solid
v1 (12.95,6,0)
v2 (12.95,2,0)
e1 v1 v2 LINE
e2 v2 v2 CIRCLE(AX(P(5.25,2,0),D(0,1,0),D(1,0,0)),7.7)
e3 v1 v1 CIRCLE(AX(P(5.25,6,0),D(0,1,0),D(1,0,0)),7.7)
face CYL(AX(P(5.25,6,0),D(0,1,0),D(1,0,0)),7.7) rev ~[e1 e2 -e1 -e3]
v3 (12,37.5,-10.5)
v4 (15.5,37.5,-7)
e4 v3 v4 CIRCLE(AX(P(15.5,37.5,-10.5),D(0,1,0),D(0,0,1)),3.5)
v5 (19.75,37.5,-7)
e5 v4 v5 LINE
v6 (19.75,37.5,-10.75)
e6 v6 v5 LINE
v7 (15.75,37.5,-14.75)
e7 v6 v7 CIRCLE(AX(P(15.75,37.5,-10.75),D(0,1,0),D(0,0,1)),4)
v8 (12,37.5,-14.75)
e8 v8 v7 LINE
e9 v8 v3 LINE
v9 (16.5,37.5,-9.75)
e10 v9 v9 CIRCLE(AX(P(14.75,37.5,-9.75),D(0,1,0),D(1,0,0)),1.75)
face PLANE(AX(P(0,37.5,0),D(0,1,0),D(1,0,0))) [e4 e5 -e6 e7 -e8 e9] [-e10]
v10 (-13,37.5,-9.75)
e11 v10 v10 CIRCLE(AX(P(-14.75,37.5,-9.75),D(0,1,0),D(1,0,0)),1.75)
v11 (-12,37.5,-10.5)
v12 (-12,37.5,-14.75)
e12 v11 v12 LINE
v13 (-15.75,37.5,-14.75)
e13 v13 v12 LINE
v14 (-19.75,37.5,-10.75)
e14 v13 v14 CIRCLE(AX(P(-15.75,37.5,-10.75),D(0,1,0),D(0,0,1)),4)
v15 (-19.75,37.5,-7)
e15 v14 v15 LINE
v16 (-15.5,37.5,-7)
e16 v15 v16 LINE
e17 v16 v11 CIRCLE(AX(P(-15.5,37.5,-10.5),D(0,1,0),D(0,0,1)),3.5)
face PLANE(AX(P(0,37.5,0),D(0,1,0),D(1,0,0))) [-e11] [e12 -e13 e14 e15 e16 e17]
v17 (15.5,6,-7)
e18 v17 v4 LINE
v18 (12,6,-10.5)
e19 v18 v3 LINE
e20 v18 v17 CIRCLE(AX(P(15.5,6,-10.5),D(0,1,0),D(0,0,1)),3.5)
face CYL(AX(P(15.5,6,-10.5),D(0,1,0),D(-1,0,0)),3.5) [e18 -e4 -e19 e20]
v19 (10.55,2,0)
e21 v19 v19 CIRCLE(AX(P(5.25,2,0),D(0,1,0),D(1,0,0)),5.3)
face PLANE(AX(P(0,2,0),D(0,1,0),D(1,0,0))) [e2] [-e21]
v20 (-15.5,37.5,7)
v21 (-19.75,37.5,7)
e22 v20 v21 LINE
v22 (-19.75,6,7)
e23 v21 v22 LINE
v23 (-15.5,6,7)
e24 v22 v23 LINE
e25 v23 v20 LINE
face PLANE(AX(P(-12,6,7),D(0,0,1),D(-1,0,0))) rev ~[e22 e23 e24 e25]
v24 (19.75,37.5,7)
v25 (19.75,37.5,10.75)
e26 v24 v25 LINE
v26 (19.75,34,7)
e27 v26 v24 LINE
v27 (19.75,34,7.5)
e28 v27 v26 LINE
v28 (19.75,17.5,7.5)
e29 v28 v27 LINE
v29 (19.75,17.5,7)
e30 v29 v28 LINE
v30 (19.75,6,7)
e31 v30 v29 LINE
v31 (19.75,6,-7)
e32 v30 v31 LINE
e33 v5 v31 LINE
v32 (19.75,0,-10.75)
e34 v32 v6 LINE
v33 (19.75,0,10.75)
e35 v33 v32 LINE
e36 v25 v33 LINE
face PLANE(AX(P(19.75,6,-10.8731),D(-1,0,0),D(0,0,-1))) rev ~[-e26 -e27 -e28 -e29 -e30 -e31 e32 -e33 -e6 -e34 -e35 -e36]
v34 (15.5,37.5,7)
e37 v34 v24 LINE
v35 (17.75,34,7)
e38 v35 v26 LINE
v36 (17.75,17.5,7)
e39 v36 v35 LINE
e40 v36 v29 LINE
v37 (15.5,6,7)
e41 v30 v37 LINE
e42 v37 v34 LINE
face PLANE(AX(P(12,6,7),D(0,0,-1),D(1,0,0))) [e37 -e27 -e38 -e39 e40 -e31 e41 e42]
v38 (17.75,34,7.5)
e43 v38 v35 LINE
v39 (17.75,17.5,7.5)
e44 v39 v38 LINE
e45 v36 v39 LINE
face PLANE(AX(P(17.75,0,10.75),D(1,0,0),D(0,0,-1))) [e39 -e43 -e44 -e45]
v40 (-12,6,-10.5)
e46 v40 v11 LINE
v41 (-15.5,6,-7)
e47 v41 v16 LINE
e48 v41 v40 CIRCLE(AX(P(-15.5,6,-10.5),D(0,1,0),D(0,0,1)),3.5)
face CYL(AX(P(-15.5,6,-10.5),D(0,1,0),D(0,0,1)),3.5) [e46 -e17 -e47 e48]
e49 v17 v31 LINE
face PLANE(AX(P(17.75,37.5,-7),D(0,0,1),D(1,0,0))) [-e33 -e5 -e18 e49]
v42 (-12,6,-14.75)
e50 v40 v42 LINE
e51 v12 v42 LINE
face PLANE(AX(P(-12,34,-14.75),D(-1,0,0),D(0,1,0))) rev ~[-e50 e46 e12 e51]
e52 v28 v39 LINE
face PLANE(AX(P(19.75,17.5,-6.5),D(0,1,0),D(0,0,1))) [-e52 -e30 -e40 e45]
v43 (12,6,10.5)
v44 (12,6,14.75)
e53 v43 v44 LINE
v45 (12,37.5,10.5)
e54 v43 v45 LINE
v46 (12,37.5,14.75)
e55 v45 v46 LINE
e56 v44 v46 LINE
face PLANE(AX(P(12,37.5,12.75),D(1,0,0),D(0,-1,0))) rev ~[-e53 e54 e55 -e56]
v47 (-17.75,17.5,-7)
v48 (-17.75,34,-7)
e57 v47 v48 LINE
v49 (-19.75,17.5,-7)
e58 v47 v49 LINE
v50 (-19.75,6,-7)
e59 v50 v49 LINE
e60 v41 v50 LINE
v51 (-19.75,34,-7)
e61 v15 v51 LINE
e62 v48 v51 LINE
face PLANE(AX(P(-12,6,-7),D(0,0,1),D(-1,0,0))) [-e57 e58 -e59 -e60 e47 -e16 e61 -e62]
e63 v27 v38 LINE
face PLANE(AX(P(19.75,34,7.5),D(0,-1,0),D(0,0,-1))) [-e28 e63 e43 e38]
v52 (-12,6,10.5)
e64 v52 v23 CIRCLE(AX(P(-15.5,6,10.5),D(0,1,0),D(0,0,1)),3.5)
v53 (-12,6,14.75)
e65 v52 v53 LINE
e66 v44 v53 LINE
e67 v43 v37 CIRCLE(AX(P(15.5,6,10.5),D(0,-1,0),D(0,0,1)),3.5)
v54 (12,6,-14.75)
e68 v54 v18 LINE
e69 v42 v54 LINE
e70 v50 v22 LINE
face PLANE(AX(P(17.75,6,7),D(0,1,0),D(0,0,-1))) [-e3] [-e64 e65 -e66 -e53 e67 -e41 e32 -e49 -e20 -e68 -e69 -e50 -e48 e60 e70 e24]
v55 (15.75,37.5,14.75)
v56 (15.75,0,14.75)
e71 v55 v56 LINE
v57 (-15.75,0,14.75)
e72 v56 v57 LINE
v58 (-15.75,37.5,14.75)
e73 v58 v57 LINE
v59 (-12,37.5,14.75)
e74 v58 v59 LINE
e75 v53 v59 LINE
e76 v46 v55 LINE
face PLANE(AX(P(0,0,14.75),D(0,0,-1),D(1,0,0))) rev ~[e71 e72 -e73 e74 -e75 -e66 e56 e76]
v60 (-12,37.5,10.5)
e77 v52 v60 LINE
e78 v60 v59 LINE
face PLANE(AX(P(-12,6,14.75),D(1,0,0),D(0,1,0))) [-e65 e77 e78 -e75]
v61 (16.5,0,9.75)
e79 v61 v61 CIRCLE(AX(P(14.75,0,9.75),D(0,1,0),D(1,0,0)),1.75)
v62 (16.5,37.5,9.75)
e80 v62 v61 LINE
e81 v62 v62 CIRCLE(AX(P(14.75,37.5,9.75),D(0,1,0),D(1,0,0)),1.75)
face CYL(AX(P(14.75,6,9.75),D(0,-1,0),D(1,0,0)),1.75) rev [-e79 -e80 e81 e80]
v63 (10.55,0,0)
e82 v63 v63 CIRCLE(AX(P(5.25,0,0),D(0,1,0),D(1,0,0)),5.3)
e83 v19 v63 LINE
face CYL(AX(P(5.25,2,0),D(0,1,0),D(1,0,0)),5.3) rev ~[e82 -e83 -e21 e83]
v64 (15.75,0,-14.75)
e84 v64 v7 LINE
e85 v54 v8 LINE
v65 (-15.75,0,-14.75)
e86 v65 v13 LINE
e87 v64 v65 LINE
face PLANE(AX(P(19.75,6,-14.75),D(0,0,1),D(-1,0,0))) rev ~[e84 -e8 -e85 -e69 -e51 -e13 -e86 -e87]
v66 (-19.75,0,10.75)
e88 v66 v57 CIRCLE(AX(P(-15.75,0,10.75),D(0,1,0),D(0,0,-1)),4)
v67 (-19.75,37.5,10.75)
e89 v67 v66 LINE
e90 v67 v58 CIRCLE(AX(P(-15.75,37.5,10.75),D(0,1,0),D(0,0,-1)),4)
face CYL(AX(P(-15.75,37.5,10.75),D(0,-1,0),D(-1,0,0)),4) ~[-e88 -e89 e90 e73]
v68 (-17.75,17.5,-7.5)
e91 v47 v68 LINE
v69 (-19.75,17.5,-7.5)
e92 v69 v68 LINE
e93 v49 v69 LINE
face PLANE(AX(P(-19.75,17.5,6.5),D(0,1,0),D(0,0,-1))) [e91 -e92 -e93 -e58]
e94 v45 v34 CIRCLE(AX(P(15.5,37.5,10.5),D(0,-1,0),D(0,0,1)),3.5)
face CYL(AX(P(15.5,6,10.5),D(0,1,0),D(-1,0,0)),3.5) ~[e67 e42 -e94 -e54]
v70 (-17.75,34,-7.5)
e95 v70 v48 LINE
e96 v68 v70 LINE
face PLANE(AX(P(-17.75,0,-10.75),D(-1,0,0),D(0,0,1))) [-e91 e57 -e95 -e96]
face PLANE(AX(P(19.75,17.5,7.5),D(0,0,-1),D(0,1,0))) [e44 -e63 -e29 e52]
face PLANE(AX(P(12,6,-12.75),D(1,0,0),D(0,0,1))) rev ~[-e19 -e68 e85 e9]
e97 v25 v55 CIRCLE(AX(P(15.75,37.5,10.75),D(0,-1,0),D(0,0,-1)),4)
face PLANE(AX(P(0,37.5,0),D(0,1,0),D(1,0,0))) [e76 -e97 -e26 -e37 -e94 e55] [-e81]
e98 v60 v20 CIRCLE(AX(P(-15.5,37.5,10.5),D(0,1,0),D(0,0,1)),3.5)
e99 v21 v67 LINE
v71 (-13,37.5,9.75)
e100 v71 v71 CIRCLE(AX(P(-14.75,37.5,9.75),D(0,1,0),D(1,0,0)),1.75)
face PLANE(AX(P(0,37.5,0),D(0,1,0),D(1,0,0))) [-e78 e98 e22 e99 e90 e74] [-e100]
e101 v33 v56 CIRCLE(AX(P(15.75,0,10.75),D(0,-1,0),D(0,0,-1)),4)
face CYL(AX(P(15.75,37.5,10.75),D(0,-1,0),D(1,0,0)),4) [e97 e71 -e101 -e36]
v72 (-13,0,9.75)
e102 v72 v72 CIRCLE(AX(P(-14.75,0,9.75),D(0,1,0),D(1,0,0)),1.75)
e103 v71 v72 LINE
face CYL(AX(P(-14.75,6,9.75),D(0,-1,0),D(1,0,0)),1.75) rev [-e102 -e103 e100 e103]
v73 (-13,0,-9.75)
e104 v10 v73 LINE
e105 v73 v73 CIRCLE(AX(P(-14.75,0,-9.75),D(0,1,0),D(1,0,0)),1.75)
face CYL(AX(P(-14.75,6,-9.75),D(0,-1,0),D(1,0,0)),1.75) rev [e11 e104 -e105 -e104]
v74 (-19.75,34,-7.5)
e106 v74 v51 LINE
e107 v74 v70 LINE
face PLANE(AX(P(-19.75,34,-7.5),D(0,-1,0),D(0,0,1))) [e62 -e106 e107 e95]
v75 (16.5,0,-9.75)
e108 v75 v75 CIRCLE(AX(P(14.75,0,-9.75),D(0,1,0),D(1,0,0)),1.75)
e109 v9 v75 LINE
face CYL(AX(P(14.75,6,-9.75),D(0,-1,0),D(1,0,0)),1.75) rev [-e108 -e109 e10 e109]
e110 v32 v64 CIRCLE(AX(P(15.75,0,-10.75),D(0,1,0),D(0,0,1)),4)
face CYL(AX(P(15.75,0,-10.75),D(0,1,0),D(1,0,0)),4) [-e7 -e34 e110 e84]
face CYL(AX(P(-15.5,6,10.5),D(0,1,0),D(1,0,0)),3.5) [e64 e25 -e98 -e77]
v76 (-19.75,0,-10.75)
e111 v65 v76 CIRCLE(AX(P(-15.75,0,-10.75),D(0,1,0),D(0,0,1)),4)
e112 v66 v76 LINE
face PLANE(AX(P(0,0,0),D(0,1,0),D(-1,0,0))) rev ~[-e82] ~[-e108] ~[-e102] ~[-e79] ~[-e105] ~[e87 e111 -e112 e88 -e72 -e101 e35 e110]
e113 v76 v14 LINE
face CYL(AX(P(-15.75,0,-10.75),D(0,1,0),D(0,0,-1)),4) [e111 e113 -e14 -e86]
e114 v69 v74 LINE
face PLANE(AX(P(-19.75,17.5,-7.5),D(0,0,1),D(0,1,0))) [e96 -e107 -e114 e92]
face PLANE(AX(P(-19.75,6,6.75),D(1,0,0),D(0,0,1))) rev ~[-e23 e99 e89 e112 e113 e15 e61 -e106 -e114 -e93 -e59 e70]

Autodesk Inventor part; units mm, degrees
ref_plane "YZ Plane" through (0, 0, 0) normal (1, 0, 0) x (0, 1, 0)
ref_plane "XZ Plane" through (0, 0, 0) normal (0, 1, 0) x (-1, 0, 0)
ref_plane "XY Plane" through (0, 0, 0) normal (0, 0, 1) x (1, 0, 0)
sketch "Skizze1" plane through (0, 0, 0) normal (0, 1, 0) x (-1, 0, 0)
  line L0 (-19.75, -14.75) -> (19.75, -14.75)
  line L1 (19.75, -14.75) -> (19.75, 14.75)
  line L2 (19.75, 14.75) -> (-19.75, 14.75)
  line L3 (-19.75, 14.75) -> (-19.75, -14.75)
  line L4 (0, -20.65) -> (0, 20.65) projected
  line L5 (27.65, 0) -> (-27.65, 0) projected
  point P0 (0, 0)
  dimension "d0" = 39.5
  dimension "d1" = 29.5
extrude "Extrusion1" add sketch "Skizze1" along normal blind 6
sketch "Skizze2" plane through (0, 6, 0) normal (0, 1, 0) x (1, 0, 0)
  line L0 (19.75, 14.75) -> (-19.75, 14.75) projected
  line L1 (-19.75, 14.75) -> (-11.75, 14.75)
  line L2 (-12, 12.75) -> (-12, 7)
  line L3 (-12, 7) -> (-17.75, 7)
  line L4 (-19.75, 6.75) -> (-19.75, 14.75)
  line L5 (19.75, 14.75) -> (10.75, 14.75)
  line L6 (12, 12.75) -> (12, 7)
  line L7 (12, 7) -> (17.75, 7)
  line L8 (19.75, 10.8731) -> (19.75, 14.75)
  line L9 (-19.75, -14.75) -> (19.75, -14.75) projected
  line L10 (-19.75, -14.75) -> (-11.75, -14.75)
  line L11 (-12, -12.75) -> (-12, -7)
  line L12 (-12, -7) -> (-17.75, -7)
  line L13 (-19.75, -6.75) -> (-19.75, -14.75)
  line L14 (19.75, -14.75) -> (11.75, -14.75)
  line L15 (12, -12.75) -> (12, -7)
  line L16 (12, -7) -> (17.75, -7)
  line L17 (19.75, -6.75) -> (19.75, -14.75)
  circle A0 centre (-14.75, 9.75) radius 1.75
  circle A1 centre (-14.75, -9.75) radius 1.75
  circle A2 centre (14.75, -9.75) radius 1.75
  circle A3 centre (14.75, 9.75) radius 1.75
  line L18 (-19.75, 14.75) -> (-19.75, -14.75) projected
  line L19 (-19.75, 14.75) -> (19.75, 14.75)
  line L20 (19.75, 14.75) -> (19.75, -14.75)
  line L21 (19.75, -14.75) -> (-19.75, -14.75)
  line L22 (-19.75, -14.75) -> (-19.75, 14.75)
  line L23 (17.75, 12.75) -> (-17.75, 12.75)
  line L24 (-17.75, 12.75) -> (-17.75, -12.75)
  line L25 (-17.75, -12.75) -> (17.75, -12.75)
  line L26 (17.75, 12.75) -> (17.75, -12.75)
  point P0 (0, 0)
  dimension "d12" = 3.5
  dimension "d13" = 5
  dimension "d14" = 5
  dimension "d15" = 3.5
  dimension "d16" = 5
  dimension "d17" = 5
  dimension "d18" = 3.5
  dimension "d19" = 5
  dimension "d20" = 5
  dimension "d21" = 3.5
  dimension "d22" = 5
  dimension "d23" = 5
  dimension "d24" = 2
  dimension "d25" = 2
  dimension "d28" = 2
  dimension "d29" = 2
  dimension "d30" = 7.75
  dimension "d31" = 7.75
  dimension "d35" = 7.75
  dimension "d36" = 7.75
  dimension "d37" = 7.75
  dimension "d38" = 7.75
  dimension "d39" = 7.75
  dimension "d40" = 7.75
sketch "Skizze3" plane through (0, 6, 0) normal (0, 1, 0) x (1, 0, 0)
  circle A0 centre (5.25, 0) radius 7.7
  line L0 (19.75, -14.75) -> (19.75, 14.75) projected
  line L1 (19.75, 14.75) -> (-19.75, 14.75) projected
  point P0 (0, 0)
  dimension "d32" = 15.4
  dimension "d33" = 14.5
  dimension "d34" = 14.75
extrude "Extrusion2" add sketch "Skizze2" along normal blind 31.5 contours L8 L20 L17 L9 L13 L18 L4 L0
extrude "Extrusion3" cut sketch "Skizze3" against normal blind 4
sketch "Skizze4" plane through (5.25, 2, 0) normal (0, 1, 0) x (1, 0, 0)
  circle A0 centre (0, 0) radius 5.3
  point P0 (-5.25, 0)
  dimension "d45" = 10.6
extrude "Extrusion4" cut sketch "Skizze4" against normal up to surface (2 mm away)
extrude "Extrusion5" add sketch "Skizze2" along normal blind 31.5 contours L26 L25 L15 L16
extrude "Extrusion6" add sketch "Skizze2" along normal blind 31.5 contours L2 L3 L24 L23 | L23 L26 L7 L6 | L12 L11 L25 L24
extrude "Extrusion7" cut sketch "Skizze2" against normal up to surface (6 mm away) contours A0 | A1 | A2 | A3
fillet "Rundung1" radius 3.5 4 edges at (-12, 21.75, -7) (12, 21.75, -7) (-12, 21.75, 7) (12, 21.75, 7)
fillet "Rundung2" radius 4 4 edges at (19.75, 18.75, 14.75) (19.75, 18.75, -14.75) (-19.75, 18.75, -14.75) (-19.75, 18.75, 14.75)
sketch "Skizze5" plane through (-15.75, 0, 14.75) normal (0, 0, 1) x (1, 0, 0)
  line L0 (3.75, 34) -> (27.75, 34)
  line L1 (27.75, 34) -> (27.75, 17.5)
  line L2 (27.75, 17.5) -> (3.75, 17.5)
  line L3 (3.75, 17.5) -> (3.75, 34)
  line L4 (0, 37.5) -> (31.5, 37.5) projected
  line L5 (-4, 37.5) -> (-4, 0) projected
  line L6 (35.5, 0) -> (35.5, 37.5) projected
  point P0 (15.75, 0)
  dimension "d56" = 16.5
  dimension "d57" = 3.5
  dimension "d58" = 7.75
  dimension "d59" = 7.75
sketch "Skizze6" plane through (15.75, 0, -14.75) normal (0, 0, -1) x (-1, 0, 0)
  line L0 (31.25, 6) -> (27.75, 6) projected
  line L1 (3.75, 34) -> (27.75, 34)
  line L2 (27.75, 34) -> (27.75, 6)
  line L3 (27.75, 6) -> (3.75, 6)
  line L4 (3.75, 6) -> (3.75, 34)
  line L5 (0, 37.5) -> (31.5, 37.5) projected
  point P0 (15.75, 0)
  dimension "d60" = 3.5
extrude "Extrusion8" cut sketch "Skizze6" against normal up to surface (2 mm away)
extrude "Extrusion9" cut sketch "Skizze5" against normal up to surface (2 mm away)
sketch "Skizze7" plane through (-19.75, 0, -10.75) normal (-1, 0, 0) x (0, 0, 1)
  line L0 (3.25, 34) -> (17.25, 34)
  line L1 (17.25, 34) -> (17.25, 17.5)
  line L2 (17.25, 17.5) -> (3.25, 17.5)
  line L3 (3.25, 17.5) -> (3.25, 34)
  line L4 (-4, 37.5) -> (-4, 0) projected
  line L5 (0, 37.5) -> (21.5, 37.5) projected
  point P0 (10.75, 0)
  dimension "d65" = 14
  dimension "d66" = 16.5
  dimension "d67" = 7.25
  dimension "d68" = 3.5
extrude "Extrusion10" cut sketch "Skizze7" against normal up to surface (2 mm away)
sketch "Skizze8" plane through (19.75, 0, 10.75) normal (1, 0, 0) x (0, 0, -1)
  line L0 (3.25, 34) -> (17.25, 34)
  line L1 (17.25, 34) -> (17.25, 17.5)
  line L2 (17.25, 17.5) -> (3.25, 17.5)
  line L3 (3.25, 17.5) -> (3.25, 34)
  line L4 (-4, 37.5) -> (-4, 0) projected
  line L5 (0, 37.5) -> (21.5, 37.5) projected
  point P0 (10.75, 0)
  dimension "d71" = 14
  dimension "d72" = 16.5
  dimension "d73" = 7.25
  dimension "d74" = 3.5
extrude "Extrusion11" cut sketch "Skizze8" against normal up to surface (2 mm away)
sketch "Skizze12" plane through (15.75, 0, -14.75) normal (0, 0, -1) x (-1, 0, 0)
  line L0 (27.75, 34) -> (3.75, 34) projected
  line L1 (27.75, 6) -> (27.75, 37.5) projected
  line L2 (3.75, 34) -> (27.75, 34)
  line L3 (27.75, 34) -> (27.75, 37.5)
  line L4 (27.75, 37.5) -> (3.75, 37.5)
  line L5 (3.75, 37.5) -> (3.75, 34)
  point P0 (15.75, 0)
extrude "Extrusion14" cut sketch "Skizze12" against normal up to surface (2 mm away)
sketch "Skizze13" plane through (12, 37.5, 12.75) normal (0, 0, -1) x (-1, 0, 0)
  line L0 (0, 0) -> (0, -31.5) projected
  line L1 (24, -31.5) -> (24, 0) projected
  line L2 (0, -3.5027) -> (24, -3.5027)
  line L3 (24, -3.5027) -> (24, 0)
  line L4 (24, 0) -> (0, 0)
  line L5 (0, 0) -> (0, -3.5027)
  point P0 (12, -37.5)
  point P1 (24, -3.5027)
extrude "Extrusion15" cut sketch "Skizze13" against normal up to surface (2 mm away)
sketch "Skizze14" plane through (-15.75, 0, 14.75) normal (0, 0, 1) x (1, 0, 0)
  line L0 (3.75, 6) -> (3.75, 17.5) projected
  line L1 (27.75, 17.5) -> (27.75, 6) projected
  line L2 (3.75, 17.5) -> (27.75, 17.5)
  line L3 (27.75, 17.5) -> (27.75, 6)
  line L4 (27.75, 6) -> (3.75, 6)
  line L5 (3.75, 6) -> (3.75, 17.5)
  point P0 (15.75, 0)
  point P1 (27.75, 17.5)
extrude "Extrusion16" cut sketch "Skizze14" against normal up to surface (2 mm away)
sketch "Skizze15" plane through (-19.75, 0, -10.75) normal (-1, 0, 0) x (0, 0, 1)
  point P0 (10.75, 0)
sketch "Skizze16" plane through (-17.75, 6, 7) normal (1, 0, 0) x (0, 0, -1)
  line L0 (14, 0) -> (0, 0) projected
  line L1 (14, 11.5) -> (14, 28) projected
  line L2 (0, 0) -> (14, 0)
  line L3 (14, 0) -> (14, 11.5)
  line L4 (14, 11.5) -> (0, 11.5)
  line L5 (0, 11.5) -> (0, 0)
  line L6 (0, 31.5) -> (14, 31.5) projected
  line L7 (14, 28) -> (0, 28)
  line L8 (0, 28) -> (0, 31.5)
  line L9 (0, 31.5) -> (14, 31.5)
  line L10 (14, 31.5) -> (14, 28)
  point P0 (7, -6)
extrude "Extrusion17" cut sketch "Skizze16" against normal up to surface (2 mm away) contours L7 L8 L6 L10
extrude "Extrusion18" cut sketch "Skizze16" against normal up to surface (2 mm away) contours L0 L5 L4 L3
sketch "Skizze17" plane through (-17.75, 34, 6.5) normal (0, 0, -1) x (-1, 0, 0)
  line L0 (0, 0) -> (2, 0) projected
  line L1 (2, 0) -> (2, -16.5) projected
  line L2 (0, 0) -> (2, 0)
  line L3 (2, 0) -> (2, -16.5)
  line L4 (2, -16.5) -> (0, -16.5)
  line L5 (0, -16.5) -> (0, 0)
  point P0 (-17.75, -34)
extrude "Extrusion19" cut sketch "Skizze17" against normal blind 0.5
sketch "Skizze18" plane through (17.75, 6, -7) normal (-1, 0, 0) x (0, 0, 1)
  line L0 (14, 28) -> (14, 31.5) projected
  line L1 (0.5, 28) -> (14, 28) projected
  line L2 (14, 31.5) -> (0.5, 31.5)
  line L3 (0.5, 31.5) -> (0.5, 28)
  line L4 (0.5, 28) -> (14, 28)
  line L5 (14, 28) -> (14, 31.5)
  line L6 (14, 0) -> (0, 0) projected
  line L7 (14.5, 11.5) -> (14, 11.5) projected
  line L8 (0, 0) -> (14, 0)
  line L9 (14, 0) -> (14, 11.5)
  line L10 (14, 11.5) -> (0, 11.5)
  line L11 (0, 11.5) -> (0, 0)
  point P0 (7, -6)
extrude "Extrusion20" cut sketch "Skizze18" against normal up to surface (2 mm away) contours L6 L11 L10 L9
extrude "Extrusion21" cut sketch "Skizze18" against normal up to surface (2 mm away) contours L1 L3 L2 L0
sketch "Skizze19" plane through (17.75, 37.5, -6.5) normal (0, 0, 1) x (1, 0, 0)
  line L0 (0, -20) -> (0, 0) projected
  line L1 (2, 0) -> (2, -20) projected
  line L2 (0, -20) -> (2, -20)
  line L3 (2, -20) -> (2, 0)
  line L4 (2, 0) -> (0, 0)
  line L5 (0, 0) -> (0, -20)
  point P0 (-17.75, -37.5)
extrude "Extrusion22" cut sketch "Skizze19" against normal blind 0.5
properties part number "_3D-Druck"
